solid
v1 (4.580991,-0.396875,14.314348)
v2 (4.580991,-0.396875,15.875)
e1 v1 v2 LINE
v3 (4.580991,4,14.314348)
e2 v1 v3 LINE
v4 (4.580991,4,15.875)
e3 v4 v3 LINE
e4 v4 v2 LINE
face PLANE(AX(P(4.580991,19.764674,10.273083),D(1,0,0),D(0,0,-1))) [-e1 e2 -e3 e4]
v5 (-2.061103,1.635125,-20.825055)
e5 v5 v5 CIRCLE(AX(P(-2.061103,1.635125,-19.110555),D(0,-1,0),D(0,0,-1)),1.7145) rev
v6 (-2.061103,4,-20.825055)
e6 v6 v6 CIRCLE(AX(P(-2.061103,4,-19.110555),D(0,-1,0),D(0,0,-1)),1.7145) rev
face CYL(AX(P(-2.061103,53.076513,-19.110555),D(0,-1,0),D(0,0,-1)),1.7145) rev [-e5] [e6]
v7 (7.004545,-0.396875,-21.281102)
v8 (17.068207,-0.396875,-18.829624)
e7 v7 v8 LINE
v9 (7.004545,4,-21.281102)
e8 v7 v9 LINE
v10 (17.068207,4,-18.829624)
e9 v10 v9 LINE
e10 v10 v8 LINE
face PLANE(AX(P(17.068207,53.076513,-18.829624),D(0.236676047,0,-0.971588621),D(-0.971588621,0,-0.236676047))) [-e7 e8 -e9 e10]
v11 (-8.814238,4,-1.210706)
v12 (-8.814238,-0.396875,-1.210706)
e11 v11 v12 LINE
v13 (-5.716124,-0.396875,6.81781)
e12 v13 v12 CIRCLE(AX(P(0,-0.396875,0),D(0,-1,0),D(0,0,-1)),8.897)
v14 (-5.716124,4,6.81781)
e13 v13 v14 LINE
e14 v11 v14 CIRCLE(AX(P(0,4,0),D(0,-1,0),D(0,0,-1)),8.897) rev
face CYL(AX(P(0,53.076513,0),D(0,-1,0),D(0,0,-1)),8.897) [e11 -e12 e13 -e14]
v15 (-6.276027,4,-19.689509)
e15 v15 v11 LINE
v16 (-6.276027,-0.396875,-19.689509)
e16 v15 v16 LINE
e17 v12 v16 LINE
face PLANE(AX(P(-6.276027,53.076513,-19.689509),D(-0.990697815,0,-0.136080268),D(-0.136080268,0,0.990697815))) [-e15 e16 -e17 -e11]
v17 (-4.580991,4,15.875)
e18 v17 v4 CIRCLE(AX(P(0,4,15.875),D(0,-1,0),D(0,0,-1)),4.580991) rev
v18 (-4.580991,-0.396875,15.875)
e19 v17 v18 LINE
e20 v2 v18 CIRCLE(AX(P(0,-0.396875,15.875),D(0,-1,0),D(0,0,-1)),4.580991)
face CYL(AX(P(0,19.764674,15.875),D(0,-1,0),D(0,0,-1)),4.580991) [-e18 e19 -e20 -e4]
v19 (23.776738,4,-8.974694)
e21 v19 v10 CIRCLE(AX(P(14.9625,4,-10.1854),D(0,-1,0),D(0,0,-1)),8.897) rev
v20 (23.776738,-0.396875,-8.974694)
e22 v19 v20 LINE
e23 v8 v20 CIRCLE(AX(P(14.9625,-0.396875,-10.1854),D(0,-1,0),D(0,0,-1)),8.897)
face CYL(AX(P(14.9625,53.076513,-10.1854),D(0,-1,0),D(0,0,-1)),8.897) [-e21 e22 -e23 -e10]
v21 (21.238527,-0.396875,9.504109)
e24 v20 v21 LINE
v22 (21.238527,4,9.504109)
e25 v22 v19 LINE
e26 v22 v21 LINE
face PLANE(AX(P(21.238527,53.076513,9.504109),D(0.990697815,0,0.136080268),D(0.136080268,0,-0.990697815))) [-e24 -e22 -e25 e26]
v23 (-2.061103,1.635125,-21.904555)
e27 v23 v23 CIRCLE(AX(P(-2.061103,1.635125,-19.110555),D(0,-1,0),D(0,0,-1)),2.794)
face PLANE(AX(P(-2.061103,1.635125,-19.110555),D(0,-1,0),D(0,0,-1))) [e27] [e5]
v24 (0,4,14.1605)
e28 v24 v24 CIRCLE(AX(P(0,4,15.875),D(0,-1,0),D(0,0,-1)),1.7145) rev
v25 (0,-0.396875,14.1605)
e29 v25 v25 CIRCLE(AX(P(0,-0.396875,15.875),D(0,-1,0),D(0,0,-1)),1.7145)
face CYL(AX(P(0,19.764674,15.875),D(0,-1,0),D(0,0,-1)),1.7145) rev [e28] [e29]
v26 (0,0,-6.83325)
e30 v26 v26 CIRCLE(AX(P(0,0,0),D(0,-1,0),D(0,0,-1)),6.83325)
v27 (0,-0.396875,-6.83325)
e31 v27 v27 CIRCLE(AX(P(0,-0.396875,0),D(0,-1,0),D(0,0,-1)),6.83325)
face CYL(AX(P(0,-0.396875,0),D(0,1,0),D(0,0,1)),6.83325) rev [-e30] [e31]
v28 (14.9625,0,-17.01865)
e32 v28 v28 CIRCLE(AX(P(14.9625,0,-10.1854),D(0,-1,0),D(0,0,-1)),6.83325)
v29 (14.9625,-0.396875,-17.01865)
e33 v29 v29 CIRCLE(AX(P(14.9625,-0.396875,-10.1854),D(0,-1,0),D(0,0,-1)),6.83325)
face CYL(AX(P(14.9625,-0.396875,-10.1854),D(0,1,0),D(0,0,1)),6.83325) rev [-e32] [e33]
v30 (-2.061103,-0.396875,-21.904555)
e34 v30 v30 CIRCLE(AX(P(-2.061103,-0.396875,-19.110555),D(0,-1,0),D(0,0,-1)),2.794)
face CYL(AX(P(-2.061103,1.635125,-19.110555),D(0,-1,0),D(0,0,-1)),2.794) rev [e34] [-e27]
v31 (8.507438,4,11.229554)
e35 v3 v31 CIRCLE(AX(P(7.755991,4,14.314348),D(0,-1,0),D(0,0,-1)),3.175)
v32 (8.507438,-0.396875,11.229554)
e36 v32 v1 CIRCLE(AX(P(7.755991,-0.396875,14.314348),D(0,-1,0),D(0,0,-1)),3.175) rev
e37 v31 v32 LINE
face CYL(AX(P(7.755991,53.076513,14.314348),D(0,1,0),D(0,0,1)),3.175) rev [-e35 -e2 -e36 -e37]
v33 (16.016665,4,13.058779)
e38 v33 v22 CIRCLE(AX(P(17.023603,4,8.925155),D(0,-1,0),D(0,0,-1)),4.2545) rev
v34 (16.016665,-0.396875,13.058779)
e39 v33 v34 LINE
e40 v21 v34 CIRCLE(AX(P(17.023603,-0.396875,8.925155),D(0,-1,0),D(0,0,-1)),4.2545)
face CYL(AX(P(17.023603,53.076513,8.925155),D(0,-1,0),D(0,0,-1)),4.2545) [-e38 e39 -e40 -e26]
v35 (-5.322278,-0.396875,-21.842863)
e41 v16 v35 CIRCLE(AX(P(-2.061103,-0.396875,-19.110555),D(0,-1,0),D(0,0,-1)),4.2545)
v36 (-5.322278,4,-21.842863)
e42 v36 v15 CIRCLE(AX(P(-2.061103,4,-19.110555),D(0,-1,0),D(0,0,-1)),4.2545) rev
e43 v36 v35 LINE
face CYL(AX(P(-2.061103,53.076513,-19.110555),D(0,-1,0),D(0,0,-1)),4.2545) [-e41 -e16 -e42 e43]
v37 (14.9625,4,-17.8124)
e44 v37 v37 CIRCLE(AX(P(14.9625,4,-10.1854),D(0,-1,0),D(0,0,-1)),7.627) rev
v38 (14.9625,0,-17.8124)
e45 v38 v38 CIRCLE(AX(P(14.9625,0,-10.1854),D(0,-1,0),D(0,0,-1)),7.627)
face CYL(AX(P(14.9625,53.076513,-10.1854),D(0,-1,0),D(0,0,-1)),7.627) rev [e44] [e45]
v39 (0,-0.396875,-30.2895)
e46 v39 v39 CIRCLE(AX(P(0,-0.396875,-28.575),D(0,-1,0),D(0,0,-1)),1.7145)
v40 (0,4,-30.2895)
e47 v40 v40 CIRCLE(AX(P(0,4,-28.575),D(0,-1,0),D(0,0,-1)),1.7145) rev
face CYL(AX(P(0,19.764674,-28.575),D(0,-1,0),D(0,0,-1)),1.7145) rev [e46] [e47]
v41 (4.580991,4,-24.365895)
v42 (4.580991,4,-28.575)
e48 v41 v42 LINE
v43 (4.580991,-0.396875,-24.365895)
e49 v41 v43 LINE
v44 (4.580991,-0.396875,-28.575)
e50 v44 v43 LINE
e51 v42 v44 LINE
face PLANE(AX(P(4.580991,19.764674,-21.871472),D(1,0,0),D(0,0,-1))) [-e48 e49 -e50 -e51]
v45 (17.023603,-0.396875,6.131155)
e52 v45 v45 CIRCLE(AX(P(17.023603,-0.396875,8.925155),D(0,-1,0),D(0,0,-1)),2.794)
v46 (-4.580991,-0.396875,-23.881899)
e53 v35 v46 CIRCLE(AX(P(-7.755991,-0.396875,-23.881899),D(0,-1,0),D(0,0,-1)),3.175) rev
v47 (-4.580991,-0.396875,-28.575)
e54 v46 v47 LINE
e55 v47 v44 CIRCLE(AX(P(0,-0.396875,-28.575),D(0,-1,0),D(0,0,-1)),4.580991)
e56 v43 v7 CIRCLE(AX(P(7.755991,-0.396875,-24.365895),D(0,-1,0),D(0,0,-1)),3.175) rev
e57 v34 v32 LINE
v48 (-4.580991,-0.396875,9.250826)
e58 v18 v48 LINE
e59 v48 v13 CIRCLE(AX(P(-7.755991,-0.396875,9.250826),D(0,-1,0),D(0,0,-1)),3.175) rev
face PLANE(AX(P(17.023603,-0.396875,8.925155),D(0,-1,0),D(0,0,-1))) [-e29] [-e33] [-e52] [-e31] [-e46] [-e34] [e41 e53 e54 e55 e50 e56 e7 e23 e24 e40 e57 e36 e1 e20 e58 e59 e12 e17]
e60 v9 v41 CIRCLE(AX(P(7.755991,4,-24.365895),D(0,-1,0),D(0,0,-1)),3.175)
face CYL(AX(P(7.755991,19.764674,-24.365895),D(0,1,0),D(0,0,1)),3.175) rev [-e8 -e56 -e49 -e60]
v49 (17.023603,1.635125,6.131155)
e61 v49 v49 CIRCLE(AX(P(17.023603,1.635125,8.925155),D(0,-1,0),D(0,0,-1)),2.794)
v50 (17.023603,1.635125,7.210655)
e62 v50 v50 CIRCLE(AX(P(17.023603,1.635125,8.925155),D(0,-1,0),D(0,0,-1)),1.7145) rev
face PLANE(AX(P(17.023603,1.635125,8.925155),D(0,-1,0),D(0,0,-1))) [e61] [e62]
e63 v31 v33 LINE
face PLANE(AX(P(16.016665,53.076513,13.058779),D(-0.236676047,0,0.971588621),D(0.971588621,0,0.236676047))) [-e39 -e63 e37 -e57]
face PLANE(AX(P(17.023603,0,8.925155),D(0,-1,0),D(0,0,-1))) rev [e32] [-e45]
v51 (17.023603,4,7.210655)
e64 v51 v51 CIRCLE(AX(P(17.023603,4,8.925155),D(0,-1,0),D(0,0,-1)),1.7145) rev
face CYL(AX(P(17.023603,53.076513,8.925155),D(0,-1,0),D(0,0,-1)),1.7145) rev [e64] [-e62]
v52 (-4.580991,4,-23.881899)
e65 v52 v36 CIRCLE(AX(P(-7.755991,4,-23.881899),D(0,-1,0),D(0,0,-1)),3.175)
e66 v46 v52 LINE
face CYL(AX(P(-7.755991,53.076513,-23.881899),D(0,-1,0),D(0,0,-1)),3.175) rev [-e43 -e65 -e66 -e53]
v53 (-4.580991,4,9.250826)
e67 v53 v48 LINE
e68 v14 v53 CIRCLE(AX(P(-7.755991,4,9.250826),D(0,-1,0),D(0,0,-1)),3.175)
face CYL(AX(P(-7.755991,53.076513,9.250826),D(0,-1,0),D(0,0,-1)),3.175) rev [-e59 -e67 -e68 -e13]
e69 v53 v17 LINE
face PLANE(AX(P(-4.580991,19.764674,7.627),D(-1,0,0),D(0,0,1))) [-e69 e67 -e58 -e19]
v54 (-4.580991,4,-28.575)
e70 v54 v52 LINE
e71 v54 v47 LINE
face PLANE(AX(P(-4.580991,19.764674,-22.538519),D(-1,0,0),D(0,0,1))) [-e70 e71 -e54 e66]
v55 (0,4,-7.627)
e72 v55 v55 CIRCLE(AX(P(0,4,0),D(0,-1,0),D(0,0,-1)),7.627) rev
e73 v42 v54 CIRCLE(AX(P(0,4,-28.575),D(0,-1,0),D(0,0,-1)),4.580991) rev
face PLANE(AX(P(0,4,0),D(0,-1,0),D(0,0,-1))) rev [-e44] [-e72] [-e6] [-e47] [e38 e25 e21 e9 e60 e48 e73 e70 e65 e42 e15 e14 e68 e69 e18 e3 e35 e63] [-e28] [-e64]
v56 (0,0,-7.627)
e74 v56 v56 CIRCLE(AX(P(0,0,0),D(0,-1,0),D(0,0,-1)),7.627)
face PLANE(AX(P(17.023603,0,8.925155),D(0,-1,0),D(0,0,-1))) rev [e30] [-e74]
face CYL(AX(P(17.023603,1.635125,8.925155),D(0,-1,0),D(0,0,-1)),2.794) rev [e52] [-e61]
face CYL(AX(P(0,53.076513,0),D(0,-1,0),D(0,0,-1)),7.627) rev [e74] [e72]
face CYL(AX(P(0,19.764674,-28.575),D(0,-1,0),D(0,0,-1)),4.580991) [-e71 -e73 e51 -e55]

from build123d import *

# Parameters (mm, degrees)
SKETCH1_R           = 7.626999986
SKETCH1_R_2         = 1.7145
BOSS_EXTRUDE1_DEPTH = 4.000000128
BOSS_EXTRUDE2_START = 0.396875
SKETCH2_R           = 6.833249986
BOSS_EXTRUDE2_DEPTH = 0.396875
SKETCH3_R           = 2.794
CUT_EXTRUDE1_DEPTH  = 2.032
SKETCH6_R           = 1.7145
BOSS_EXTRUDE5_DEPTH = 4.396875128
FILLET1_R           = 3.175


with BuildPart() as part:
    # Sketch1 → Boss-Extrude1 (new body)
    with BuildSketch(Plane(origin=(0, 0, 0), x_dir=(-1, 0, 0), z_dir=(0, -1, 0))):
        with BuildLine():
            Line((-21.238527151, -9.504108586), (-23.776738447, 8.97469386))
            ThreePointArc((-23.776738447, 8.97469386), (-22.317172851, 15.191935329), (-17.068206789, 18.829623948))
            Line((-17.068206789, 18.829623948), (1.054165054, 23.244178876))
            ThreePointArc((1.054165054, 23.244178876), (4.455202947, 22.62752212), (6.276027151, 19.689508586))
            Line((6.276027151, 19.689508586), (8.814238447, 1.21070614))
            ThreePointArc((8.814238447, 1.21070614), (7.354672851, -5.006535329), (2.105706789, -8.644223948))
            Line((2.105706789, -8.644223948), (-16.016665054, -13.058778876))
            ThreePointArc((-16.016665054, -13.058778876), (-19.417702947, -12.44212212), (-21.238527151, -9.504108586))
        make_face()
        with Locations(Location((-14.9625, 10.1854, 0), (0, 0, 90))):
            Circle(SKETCH1_R, mode=Mode.SUBTRACT)
        with Locations(Location((0, 0, 0), (0, 0, 90))):
            Circle(SKETCH1_R, mode=Mode.SUBTRACT)
        with Locations(Location((2.061103297, 19.110555087, 0), (0, 0, 90))):
            Circle(SKETCH1_R_2, mode=Mode.SUBTRACT)
        with Locations(Location((-17.023603297, -8.925155087, 0), (0, 0, 90))):
            Circle(SKETCH1_R_2, mode=Mode.SUBTRACT)
    extrude(amount=-BOSS_EXTRUDE1_DEPTH)

    # Sketch2 → Boss-Extrude2 (add)
    with BuildSketch(Plane.XZ.offset(BOSS_EXTRUDE2_START)):
        with BuildLine():
            Line((16.016665054, 13.058778876), (-2.105706789, 8.644223948))
            ThreePointArc((-2.105706789, 8.644223948), (-7.354672851, 5.006535329), (-8.814238447, -1.21070614))
            Line((-8.814238447, -1.21070614), (-6.276027151, -19.689508586))
            ThreePointArc((-6.276027151, -19.689508586), (-4.455202947, -22.62752212), (-1.054165054, -23.244178876))
            Line((-1.054165054, -23.244178876), (17.068206789, -18.829623948))
            ThreePointArc((17.068206789, -18.829623948), (22.317172851, -15.191935329), (23.776738447, -8.97469386))
            Line((23.776738447, -8.97469386), (21.238527151, 9.504108586))
            ThreePointArc((21.238527151, 9.504108586), (19.417702947, 12.44212212), (16.016665054, 13.058778876))
        make_face()
        with Locations(Location((14.9625, -10.1854, 0), (0, 0, 270))):
            Circle(SKETCH2_R, mode=Mode.SUBTRACT)
        with Locations(Location((0, 0, 0), (0, 0, 270))):
            Circle(SKETCH2_R, mode=Mode.SUBTRACT)
    extrude(amount=-BOSS_EXTRUDE2_DEPTH)

    # Sketch3 → Cut-Extrude1 (cut)
    with BuildSketch(Plane.XZ.offset(0.396875)):
        with Locations(Location((17.023603297, 8.925155087, 0), (0, 0, 270))):
            Circle(SKETCH3_R)
        with Locations(Location((-2.061103297, -19.110555087, 0), (0, 0, 270))):
            Circle(SKETCH3_R)
    extrude(amount=-CUT_EXTRUDE1_DEPTH, mode=Mode.SUBTRACT)

    # Sketch6 → Boss-Extrude5 (add)
    # profile 1 of 2: a face of its own
    with BuildSketch(Plane.XZ.offset(0.396875)):
        with BuildLine():
            Line((-4.580991155, 7.626999986), (-4.580991155, 15.875))
            ThreePointArc((-4.580991155, 15.875), (0, 20.455991155), (4.580991155, 15.875))
            Line((4.580991155, 15.875), (4.580991155, 10.273083328))
            Line((4.580991155, 10.273083328), (-2.105706789, 8.644223948))
            ThreePointArc((-2.105706789, 8.644223948), (-3.381814379, 8.229212614), (-4.580991155, 7.626999986))
        make_face()
        with Locations(Location((0, 15.875, 0), (0, 0, 270))):
            Circle(SKETCH6_R, mode=Mode.SUBTRACT)
    # profile 2 of 2: a face of its own
    with BuildSketch(Plane.XZ.offset(0.396875)):
        with BuildLine():
            Line((-4.580991155, -22.538518831), (-4.580991155, -28.575))
            ThreePointArc((-4.580991155, -28.575), (0, -33.155991155), (4.580991155, -28.575))
            Line((4.580991155, -28.575), (4.580991155, -21.87147188))
            Line((4.580991155, -21.87147188), (-1.054165054, -23.244178876))
            ThreePointArc((-1.054165054, -23.244178876), (-2.89581472, -23.282368493), (-4.580991155, -22.538518831))
        make_face()
        with Locations(Location((0, -28.575, 0), (0, 0, 270))):
            Circle(SKETCH6_R, mode=Mode.SUBTRACT)
    extrude(amount=-BOSS_EXTRUDE5_DEPTH)

    # Fillet1
    fillet1_edges = [part.edges().sort_by_distance(p)[0] for p in [
        (4.580991155, 1.801562564, 10.273083328),
        (-4.580991155, 1.801562564, 7.626999986),
        (4.580991155, 1.801562564, -21.87147188),
        (-4.580991155, 1.801562564, -22.538518831),
    ]]
    fillet(fillet1_edges, radius=FILLET1_R)


solid = part.part
